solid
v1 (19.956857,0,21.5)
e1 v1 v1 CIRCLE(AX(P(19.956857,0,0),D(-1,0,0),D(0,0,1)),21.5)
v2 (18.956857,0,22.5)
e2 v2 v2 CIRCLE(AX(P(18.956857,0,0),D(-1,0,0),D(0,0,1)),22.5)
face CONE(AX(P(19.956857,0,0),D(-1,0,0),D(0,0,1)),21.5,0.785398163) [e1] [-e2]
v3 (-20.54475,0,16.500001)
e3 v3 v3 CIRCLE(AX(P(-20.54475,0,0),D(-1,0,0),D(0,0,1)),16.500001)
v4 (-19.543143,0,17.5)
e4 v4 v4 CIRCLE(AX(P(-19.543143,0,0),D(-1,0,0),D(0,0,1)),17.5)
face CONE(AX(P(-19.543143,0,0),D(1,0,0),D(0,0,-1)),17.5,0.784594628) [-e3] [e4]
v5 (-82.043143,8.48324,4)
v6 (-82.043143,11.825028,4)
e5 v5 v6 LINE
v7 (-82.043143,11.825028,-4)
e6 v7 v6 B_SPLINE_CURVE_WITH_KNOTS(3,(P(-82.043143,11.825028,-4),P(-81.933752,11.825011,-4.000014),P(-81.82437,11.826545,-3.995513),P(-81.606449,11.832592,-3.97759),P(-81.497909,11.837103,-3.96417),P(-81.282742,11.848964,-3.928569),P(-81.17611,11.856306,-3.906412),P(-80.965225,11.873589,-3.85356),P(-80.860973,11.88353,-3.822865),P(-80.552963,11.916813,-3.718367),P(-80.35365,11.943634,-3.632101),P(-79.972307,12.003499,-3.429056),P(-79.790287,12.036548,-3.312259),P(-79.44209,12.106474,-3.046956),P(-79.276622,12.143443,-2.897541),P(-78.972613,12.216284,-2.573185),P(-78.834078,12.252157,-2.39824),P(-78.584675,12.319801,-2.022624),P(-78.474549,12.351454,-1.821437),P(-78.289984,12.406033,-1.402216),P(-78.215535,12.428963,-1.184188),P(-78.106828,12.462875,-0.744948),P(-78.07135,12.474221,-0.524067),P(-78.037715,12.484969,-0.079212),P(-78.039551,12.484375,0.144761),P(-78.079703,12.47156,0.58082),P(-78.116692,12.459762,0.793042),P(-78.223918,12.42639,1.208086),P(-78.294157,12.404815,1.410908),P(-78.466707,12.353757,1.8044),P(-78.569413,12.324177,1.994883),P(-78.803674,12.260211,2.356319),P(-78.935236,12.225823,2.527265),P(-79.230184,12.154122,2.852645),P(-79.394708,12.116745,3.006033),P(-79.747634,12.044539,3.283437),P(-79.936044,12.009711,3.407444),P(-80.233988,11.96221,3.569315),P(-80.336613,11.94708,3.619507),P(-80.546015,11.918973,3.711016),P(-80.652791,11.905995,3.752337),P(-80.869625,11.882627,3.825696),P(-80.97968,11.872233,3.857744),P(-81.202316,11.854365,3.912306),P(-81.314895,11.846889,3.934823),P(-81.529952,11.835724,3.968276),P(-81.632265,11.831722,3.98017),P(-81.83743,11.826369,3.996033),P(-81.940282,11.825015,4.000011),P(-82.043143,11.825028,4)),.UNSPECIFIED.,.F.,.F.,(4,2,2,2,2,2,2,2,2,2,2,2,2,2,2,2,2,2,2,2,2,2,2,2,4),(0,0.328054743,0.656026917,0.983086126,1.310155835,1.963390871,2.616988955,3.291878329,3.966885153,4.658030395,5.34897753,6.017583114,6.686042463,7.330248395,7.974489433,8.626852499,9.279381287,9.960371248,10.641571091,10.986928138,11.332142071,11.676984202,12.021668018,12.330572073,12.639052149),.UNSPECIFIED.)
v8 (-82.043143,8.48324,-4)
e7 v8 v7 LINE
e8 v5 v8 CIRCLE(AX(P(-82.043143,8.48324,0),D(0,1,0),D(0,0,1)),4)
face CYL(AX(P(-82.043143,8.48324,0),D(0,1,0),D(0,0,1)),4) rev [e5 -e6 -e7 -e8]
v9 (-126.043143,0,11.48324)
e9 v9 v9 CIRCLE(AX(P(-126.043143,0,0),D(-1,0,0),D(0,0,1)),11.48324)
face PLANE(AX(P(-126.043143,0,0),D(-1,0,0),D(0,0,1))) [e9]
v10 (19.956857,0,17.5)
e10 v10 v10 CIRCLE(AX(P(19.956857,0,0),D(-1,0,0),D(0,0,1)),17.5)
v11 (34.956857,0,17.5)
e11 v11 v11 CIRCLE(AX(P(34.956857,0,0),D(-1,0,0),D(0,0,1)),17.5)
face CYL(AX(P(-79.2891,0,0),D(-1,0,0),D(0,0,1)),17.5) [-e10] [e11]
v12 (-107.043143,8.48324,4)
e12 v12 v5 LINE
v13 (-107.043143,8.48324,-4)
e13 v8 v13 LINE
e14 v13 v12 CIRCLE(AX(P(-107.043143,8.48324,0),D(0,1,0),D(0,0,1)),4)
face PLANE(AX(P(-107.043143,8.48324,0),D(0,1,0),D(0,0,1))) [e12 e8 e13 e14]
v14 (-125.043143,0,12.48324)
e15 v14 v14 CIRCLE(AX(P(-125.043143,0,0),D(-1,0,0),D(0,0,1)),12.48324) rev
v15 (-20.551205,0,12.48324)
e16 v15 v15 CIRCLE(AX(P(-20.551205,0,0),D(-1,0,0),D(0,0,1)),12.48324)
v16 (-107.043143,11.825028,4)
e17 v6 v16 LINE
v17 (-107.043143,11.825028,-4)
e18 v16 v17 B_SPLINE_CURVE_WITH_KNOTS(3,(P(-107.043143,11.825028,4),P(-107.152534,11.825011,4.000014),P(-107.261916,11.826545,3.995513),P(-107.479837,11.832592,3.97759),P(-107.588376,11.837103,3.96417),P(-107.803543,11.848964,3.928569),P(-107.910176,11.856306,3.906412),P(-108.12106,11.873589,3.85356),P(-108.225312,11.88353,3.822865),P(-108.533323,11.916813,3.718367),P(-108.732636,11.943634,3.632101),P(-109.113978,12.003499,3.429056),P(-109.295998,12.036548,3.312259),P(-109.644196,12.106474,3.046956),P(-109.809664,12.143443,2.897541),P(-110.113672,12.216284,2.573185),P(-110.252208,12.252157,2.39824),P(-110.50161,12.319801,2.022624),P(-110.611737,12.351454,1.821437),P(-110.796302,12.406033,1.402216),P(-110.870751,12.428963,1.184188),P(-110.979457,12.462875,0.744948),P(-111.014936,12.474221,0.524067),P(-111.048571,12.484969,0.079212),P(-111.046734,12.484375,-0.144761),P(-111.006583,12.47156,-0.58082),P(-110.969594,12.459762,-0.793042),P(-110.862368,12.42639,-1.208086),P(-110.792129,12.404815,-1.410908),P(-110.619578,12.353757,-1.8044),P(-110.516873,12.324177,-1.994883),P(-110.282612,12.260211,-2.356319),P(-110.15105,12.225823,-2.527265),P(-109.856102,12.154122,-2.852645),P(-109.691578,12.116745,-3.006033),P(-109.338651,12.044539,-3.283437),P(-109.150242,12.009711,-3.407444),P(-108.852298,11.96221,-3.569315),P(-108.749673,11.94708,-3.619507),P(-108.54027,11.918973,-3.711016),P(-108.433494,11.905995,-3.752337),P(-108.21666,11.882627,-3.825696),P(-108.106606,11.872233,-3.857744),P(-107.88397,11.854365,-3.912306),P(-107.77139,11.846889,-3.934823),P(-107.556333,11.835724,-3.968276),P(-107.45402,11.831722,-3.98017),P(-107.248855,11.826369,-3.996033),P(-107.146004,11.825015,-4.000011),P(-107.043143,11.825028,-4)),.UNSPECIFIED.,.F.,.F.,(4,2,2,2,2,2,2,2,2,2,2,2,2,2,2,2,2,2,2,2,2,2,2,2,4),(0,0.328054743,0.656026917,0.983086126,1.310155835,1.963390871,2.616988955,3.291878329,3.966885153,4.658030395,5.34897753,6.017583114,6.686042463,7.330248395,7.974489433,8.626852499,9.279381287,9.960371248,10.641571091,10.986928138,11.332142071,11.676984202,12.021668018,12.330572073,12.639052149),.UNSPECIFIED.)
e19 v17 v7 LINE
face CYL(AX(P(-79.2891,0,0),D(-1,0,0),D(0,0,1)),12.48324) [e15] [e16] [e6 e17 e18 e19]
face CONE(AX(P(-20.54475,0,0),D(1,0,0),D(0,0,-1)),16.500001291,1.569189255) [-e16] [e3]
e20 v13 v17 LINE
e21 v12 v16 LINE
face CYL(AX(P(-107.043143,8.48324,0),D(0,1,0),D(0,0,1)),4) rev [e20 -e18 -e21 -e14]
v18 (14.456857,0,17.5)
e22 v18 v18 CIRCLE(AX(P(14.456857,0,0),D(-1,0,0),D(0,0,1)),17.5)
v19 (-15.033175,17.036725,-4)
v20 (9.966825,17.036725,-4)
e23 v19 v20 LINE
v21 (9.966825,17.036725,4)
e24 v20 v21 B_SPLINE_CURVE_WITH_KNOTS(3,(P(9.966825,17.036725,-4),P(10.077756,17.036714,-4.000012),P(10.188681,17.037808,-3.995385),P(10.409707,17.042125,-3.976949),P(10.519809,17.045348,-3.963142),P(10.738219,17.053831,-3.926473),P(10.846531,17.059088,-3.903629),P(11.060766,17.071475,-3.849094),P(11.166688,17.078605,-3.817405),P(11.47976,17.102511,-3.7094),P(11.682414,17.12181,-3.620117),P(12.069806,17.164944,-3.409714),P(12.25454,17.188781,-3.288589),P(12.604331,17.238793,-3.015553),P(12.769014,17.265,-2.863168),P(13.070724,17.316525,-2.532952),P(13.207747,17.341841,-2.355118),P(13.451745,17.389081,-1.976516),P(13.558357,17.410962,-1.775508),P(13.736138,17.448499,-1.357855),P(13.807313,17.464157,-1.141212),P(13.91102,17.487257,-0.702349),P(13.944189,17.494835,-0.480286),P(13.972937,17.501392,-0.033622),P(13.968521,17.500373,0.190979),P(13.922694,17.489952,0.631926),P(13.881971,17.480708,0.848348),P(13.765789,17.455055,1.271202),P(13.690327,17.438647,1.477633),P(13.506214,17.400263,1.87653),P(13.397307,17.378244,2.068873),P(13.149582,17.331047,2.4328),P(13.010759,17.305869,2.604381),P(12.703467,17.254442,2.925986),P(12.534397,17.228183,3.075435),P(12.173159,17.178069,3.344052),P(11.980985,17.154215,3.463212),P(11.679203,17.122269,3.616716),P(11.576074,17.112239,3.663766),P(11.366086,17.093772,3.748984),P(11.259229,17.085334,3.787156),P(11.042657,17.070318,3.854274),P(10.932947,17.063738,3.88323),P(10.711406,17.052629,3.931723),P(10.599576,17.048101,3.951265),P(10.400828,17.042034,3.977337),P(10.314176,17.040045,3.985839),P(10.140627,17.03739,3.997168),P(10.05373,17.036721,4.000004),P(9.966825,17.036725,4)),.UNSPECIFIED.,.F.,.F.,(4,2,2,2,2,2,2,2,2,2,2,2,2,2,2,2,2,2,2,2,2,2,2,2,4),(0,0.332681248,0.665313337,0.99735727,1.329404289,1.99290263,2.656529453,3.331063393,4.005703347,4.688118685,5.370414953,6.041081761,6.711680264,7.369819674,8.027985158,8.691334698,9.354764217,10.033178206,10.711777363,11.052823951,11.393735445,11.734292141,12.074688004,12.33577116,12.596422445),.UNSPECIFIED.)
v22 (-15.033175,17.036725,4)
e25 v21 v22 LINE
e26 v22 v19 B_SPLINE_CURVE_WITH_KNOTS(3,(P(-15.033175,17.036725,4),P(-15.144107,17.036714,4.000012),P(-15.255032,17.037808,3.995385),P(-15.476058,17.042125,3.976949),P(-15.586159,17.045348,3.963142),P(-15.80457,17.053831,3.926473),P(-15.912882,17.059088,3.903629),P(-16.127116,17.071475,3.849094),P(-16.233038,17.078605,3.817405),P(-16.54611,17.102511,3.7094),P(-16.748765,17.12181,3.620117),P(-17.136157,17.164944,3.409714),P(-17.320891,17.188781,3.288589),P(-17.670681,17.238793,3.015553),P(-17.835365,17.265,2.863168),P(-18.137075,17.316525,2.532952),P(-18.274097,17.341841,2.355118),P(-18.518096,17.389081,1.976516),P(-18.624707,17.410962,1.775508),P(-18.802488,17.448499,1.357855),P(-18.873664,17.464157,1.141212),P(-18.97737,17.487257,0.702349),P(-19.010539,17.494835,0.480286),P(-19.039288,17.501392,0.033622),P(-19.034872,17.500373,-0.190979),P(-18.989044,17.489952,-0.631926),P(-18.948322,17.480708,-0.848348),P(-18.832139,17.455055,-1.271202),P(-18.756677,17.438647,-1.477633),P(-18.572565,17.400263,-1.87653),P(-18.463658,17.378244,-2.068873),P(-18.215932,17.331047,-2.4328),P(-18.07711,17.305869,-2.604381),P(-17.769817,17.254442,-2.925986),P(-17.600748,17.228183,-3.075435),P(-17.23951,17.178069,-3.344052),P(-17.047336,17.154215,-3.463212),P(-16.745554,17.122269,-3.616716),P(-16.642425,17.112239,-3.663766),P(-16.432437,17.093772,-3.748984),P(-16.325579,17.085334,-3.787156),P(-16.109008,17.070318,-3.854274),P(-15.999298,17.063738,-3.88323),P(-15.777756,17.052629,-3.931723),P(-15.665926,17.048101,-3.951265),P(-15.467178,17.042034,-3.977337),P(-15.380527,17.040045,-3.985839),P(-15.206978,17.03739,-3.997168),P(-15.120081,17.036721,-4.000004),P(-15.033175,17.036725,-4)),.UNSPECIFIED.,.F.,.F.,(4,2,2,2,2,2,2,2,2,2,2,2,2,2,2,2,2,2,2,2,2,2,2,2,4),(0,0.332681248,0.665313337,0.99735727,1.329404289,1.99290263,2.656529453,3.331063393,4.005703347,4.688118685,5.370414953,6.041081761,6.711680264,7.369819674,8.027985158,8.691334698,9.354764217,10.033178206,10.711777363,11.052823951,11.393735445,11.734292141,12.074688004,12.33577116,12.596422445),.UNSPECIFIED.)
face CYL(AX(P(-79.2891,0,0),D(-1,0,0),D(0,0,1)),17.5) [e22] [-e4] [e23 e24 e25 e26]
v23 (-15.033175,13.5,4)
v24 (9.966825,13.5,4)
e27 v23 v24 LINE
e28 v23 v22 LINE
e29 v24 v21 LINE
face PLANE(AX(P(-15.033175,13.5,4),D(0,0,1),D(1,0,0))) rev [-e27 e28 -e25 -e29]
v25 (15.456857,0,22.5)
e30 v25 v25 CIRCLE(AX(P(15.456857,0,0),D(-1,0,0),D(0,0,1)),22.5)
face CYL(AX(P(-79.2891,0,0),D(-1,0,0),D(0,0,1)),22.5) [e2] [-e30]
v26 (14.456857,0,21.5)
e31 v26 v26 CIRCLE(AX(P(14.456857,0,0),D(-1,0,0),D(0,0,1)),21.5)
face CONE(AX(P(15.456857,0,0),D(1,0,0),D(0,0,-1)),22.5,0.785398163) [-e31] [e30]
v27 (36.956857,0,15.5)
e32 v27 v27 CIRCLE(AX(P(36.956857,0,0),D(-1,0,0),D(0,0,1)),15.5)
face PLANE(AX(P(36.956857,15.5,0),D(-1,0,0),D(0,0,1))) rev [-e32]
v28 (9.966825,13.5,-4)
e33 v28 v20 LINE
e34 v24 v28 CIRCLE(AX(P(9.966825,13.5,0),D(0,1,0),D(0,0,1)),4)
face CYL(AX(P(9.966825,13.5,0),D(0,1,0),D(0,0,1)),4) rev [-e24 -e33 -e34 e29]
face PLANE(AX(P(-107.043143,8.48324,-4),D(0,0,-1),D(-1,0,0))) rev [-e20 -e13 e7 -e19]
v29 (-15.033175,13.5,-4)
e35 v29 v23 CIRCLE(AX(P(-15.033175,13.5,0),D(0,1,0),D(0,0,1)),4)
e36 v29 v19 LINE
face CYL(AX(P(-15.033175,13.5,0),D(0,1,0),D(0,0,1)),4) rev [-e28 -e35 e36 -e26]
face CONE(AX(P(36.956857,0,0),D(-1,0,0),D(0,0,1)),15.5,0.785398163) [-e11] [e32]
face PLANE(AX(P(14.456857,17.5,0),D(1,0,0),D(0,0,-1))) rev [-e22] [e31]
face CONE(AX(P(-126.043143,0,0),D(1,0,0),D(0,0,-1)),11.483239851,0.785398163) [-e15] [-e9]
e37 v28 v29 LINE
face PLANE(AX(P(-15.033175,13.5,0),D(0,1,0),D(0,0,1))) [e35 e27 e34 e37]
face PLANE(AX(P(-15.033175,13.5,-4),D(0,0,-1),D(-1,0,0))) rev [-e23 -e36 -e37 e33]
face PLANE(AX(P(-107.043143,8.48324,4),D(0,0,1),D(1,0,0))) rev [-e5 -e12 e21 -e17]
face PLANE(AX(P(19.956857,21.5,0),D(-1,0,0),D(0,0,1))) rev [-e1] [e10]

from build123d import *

# Parameters (mm, degrees)
CUT_EXTRUDE1_DEPTH  = 4
SKETCH3_R           = 12.483239851
BOSS_EXTRUDE1_DEPTH = 63
CUT_EXTRUDE2_DEPTH  = 4
CHAMFER1_SIZE       = 1


with BuildPart() as part:
    # Sketch1 → Revolve1 (revolve)
    with BuildSketch(Plane.XY, mode=Mode.PRIVATE) as revolve1_sk:
        Polygon((-63.043142844, 0), (-63.043142844, 12.483239851), (-20.551205143, 12.483239851), (-20.544749915, 16.500001291), (-19.543142844, 17.5), (14.456857156, 17.5), (14.456857156, 21.5), (15.456857156, 22.5), (18.956857156, 22.5), (19.956857156, 21.5), (19.956857156, 17.5), (34.956857156, 17.5), (36.956857156, 15.5), (36.956857156, 0), align=None)
    revolve(revolve1_sk.sketch.rotate(Axis((-79.289099526, 0, 0), (1, 0, 0)), 90), axis=Axis((-79.289099526, 0, 0), (1, 0, 0)))

    # Sketch2 → Cut-Extrude1 (cut)
    with BuildSketch(Plane(origin=(0, 17.5, 0), x_dir=(1, 0, 0), z_dir=(0, 1, 0))):
        with BuildLine():
            Line((-15.033175355, 4), (9.966824645, 4))
            ThreePointArc((9.966824645, 4), (13.966824645, 0), (9.966824645, -4))
            Line((9.966824645, -4), (-15.033175355, -4))
            ThreePointArc((-15.033175355, -4), (-19.033175355, 0), (-15.033175355, 4))
        make_face()
    extrude(amount=-CUT_EXTRUDE1_DEPTH, mode=Mode.SUBTRACT)

    # Sketch3 → Boss-Extrude1 (add)
    with BuildSketch(Plane.ZY.offset(63.043142844)):
        Circle(SKETCH3_R)
    extrude(amount=BOSS_EXTRUDE1_DEPTH)

    # Sketch4 → Cut-Extrude2 (cut)
    with BuildSketch(Plane(origin=(0, 12.483239851, 0), x_dir=(1, 0, 0), z_dir=(0, 1, 0))):
        with BuildLine():
            Line((-107.043142844, 4), (-82.043142844, 4))
            ThreePointArc((-82.043142844, 4), (-78.043142844, 0), (-82.043142844, -4))
            Line((-82.043142844, -4), (-107.043142844, -4))
            ThreePointArc((-107.043142844, -4), (-111.043142844, 0), (-107.043142844, 4))
        make_face()
    extrude(amount=-CUT_EXTRUDE2_DEPTH, mode=Mode.SUBTRACT)

    # Chamfer1
    chamfer1_edges = [part.edges().sort_by_distance(p)[0] for p in [
        (-126.043142844, 0, -12.483239851),
    ]]
    chamfer(chamfer1_edges, length=CHAMFER1_SIZE)


solid = part.part
